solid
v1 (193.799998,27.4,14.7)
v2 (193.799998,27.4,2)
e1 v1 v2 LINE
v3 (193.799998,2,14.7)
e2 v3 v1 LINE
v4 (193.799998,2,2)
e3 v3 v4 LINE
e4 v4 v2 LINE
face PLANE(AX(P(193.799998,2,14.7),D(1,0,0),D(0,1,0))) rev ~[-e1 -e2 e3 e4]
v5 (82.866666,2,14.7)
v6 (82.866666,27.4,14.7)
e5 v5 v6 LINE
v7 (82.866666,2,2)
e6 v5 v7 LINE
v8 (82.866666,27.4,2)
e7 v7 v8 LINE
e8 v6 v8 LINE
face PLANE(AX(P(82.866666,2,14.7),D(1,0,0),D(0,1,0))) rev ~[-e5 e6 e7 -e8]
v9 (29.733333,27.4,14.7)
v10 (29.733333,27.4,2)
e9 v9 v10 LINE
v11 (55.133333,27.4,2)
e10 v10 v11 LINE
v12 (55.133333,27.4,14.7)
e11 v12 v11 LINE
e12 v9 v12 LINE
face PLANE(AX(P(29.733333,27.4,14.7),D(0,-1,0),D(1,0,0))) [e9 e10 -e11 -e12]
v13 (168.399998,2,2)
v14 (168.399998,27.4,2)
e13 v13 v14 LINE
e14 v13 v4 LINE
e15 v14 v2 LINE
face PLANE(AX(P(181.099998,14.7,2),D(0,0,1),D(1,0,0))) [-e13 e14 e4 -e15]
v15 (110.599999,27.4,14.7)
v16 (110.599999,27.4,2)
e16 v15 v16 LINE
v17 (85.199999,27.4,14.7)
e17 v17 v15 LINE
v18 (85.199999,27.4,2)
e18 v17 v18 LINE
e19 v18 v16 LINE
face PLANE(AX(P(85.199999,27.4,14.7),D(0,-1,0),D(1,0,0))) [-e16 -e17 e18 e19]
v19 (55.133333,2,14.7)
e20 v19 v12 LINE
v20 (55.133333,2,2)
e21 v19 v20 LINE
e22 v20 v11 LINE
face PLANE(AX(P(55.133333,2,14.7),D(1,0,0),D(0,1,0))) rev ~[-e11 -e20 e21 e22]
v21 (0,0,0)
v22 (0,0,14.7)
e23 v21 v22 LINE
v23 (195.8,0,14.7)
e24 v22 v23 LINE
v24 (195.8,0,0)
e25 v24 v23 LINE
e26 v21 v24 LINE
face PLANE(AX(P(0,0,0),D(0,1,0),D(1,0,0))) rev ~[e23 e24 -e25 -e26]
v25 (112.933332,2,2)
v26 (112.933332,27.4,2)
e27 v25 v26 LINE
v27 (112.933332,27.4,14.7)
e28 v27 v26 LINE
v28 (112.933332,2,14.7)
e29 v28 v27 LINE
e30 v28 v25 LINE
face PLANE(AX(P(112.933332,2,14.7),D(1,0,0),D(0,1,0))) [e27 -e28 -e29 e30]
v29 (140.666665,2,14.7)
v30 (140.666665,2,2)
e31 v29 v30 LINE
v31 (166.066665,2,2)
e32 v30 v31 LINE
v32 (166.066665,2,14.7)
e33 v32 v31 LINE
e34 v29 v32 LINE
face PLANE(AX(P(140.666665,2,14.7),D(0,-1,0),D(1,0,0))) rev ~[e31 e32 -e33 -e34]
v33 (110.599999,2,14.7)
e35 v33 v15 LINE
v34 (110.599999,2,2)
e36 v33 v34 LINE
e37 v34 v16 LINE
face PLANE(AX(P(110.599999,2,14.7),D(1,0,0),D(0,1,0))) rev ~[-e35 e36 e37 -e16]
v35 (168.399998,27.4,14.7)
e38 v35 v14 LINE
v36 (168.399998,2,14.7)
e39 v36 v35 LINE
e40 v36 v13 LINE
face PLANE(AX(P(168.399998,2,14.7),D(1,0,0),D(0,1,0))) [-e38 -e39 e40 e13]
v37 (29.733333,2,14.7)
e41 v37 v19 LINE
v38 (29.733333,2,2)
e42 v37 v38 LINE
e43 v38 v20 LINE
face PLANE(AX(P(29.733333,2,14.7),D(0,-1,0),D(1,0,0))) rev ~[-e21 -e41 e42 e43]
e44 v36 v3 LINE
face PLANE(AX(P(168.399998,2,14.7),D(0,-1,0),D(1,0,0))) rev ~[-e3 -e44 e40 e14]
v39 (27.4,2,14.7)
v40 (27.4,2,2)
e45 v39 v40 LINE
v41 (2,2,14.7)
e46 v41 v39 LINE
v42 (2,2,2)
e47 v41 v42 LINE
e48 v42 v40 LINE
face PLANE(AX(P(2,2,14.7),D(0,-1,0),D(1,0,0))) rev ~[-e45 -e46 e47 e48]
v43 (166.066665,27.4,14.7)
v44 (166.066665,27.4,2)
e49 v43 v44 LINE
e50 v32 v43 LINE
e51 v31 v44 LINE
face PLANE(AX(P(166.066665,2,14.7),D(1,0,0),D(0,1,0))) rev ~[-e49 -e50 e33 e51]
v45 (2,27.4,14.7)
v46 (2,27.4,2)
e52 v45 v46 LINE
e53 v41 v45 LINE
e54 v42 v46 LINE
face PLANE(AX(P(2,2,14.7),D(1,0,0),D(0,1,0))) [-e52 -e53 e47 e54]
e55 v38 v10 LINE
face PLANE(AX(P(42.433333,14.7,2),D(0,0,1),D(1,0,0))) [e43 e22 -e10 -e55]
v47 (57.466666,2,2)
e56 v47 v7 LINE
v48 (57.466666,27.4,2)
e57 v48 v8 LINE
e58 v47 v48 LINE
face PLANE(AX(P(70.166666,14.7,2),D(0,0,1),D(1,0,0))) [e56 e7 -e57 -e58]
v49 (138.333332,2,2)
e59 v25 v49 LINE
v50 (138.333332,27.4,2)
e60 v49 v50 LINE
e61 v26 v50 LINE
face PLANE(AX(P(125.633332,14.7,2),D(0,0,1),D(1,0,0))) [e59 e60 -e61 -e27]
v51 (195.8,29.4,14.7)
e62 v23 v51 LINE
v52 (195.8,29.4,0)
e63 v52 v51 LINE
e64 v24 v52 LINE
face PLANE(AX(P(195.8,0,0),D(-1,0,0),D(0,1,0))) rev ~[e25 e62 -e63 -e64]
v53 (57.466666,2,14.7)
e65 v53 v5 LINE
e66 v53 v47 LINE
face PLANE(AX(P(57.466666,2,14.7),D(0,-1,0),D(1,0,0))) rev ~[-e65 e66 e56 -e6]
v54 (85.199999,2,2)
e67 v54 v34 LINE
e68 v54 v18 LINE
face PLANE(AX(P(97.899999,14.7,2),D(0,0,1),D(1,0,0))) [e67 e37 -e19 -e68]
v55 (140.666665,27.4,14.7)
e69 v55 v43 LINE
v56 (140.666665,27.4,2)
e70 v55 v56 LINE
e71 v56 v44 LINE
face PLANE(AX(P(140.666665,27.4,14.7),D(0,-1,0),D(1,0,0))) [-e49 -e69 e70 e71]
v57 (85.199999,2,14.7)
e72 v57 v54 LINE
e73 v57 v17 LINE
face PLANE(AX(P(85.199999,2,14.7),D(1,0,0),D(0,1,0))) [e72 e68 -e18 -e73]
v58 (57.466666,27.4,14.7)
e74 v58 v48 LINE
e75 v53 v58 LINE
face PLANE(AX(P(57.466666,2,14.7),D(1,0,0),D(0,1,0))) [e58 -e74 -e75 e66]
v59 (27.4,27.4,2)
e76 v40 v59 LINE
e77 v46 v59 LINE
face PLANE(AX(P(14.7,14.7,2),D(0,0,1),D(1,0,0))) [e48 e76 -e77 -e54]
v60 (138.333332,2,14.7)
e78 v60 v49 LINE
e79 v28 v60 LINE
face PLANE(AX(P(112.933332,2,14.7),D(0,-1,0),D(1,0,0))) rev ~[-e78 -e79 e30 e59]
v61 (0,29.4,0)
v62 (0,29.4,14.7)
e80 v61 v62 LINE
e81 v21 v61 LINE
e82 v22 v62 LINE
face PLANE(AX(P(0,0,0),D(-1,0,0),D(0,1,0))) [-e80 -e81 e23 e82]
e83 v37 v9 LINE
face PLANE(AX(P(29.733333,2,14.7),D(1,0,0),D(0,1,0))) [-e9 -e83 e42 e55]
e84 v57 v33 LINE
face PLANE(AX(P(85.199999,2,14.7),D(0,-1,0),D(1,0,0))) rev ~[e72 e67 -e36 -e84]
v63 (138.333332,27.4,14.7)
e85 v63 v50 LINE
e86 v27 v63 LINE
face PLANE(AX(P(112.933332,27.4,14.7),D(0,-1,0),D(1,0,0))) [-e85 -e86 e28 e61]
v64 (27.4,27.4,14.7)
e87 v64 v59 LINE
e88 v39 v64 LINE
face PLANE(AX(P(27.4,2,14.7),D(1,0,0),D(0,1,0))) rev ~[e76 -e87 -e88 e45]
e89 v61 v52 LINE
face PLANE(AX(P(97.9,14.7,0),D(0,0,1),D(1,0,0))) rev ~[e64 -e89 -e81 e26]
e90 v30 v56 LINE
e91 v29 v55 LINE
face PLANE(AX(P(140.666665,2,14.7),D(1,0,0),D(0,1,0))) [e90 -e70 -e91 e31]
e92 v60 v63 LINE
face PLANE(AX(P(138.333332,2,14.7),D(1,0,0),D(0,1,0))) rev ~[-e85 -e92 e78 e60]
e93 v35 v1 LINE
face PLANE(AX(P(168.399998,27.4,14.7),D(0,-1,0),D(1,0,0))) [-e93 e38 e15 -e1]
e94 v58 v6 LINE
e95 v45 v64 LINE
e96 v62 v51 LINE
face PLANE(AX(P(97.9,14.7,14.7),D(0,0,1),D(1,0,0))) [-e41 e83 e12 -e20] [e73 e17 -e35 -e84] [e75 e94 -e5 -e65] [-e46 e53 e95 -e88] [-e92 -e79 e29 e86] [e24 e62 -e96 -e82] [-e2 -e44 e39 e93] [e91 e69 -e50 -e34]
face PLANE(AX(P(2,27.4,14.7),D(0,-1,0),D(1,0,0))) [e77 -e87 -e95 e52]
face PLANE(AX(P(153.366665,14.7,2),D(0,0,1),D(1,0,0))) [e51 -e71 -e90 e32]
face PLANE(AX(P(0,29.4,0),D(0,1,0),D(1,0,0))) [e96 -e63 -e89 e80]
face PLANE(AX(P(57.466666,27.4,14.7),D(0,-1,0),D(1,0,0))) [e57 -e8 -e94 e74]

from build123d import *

# Parameters (mm, degrees)
SKETCH_W            = 195.8
SKETCH_H            = 29.4
PAD_DEPTH           = 14.7
SKETCH001_W         = 25.4
SKETCH001_H         = 25.4
POCKET_DEPTH        = 12.7
LINEARPATTERN_COUNT = 7
LINEARPATTERN_PITCH = 27.733333


with BuildPart() as part:
    # Sketch → Pad (new body)
    with BuildSketch(Plane.XY):
        with Locations((97.9, 14.7)):
            Rectangle(SKETCH_W, SKETCH_H)
    extrude(amount=PAD_DEPTH)

    # Sketch001 → Pocket (cut)
    with BuildSketch(Plane.XY.offset(14.7)):
        with Locations((14.7, 14.7)):
            Rectangle(SKETCH001_W, SKETCH001_H)
    pocket = extrude(amount=-POCKET_DEPTH, mode=Mode.SUBTRACT)

    # LinearPattern: Pocket ×7
    with Locations(*[(i * LINEARPATTERN_PITCH, 0, 0) for i in range(1, LINEARPATTERN_COUNT)]):
        add(pocket, mode=Mode.SUBTRACT)


solid = part.part
